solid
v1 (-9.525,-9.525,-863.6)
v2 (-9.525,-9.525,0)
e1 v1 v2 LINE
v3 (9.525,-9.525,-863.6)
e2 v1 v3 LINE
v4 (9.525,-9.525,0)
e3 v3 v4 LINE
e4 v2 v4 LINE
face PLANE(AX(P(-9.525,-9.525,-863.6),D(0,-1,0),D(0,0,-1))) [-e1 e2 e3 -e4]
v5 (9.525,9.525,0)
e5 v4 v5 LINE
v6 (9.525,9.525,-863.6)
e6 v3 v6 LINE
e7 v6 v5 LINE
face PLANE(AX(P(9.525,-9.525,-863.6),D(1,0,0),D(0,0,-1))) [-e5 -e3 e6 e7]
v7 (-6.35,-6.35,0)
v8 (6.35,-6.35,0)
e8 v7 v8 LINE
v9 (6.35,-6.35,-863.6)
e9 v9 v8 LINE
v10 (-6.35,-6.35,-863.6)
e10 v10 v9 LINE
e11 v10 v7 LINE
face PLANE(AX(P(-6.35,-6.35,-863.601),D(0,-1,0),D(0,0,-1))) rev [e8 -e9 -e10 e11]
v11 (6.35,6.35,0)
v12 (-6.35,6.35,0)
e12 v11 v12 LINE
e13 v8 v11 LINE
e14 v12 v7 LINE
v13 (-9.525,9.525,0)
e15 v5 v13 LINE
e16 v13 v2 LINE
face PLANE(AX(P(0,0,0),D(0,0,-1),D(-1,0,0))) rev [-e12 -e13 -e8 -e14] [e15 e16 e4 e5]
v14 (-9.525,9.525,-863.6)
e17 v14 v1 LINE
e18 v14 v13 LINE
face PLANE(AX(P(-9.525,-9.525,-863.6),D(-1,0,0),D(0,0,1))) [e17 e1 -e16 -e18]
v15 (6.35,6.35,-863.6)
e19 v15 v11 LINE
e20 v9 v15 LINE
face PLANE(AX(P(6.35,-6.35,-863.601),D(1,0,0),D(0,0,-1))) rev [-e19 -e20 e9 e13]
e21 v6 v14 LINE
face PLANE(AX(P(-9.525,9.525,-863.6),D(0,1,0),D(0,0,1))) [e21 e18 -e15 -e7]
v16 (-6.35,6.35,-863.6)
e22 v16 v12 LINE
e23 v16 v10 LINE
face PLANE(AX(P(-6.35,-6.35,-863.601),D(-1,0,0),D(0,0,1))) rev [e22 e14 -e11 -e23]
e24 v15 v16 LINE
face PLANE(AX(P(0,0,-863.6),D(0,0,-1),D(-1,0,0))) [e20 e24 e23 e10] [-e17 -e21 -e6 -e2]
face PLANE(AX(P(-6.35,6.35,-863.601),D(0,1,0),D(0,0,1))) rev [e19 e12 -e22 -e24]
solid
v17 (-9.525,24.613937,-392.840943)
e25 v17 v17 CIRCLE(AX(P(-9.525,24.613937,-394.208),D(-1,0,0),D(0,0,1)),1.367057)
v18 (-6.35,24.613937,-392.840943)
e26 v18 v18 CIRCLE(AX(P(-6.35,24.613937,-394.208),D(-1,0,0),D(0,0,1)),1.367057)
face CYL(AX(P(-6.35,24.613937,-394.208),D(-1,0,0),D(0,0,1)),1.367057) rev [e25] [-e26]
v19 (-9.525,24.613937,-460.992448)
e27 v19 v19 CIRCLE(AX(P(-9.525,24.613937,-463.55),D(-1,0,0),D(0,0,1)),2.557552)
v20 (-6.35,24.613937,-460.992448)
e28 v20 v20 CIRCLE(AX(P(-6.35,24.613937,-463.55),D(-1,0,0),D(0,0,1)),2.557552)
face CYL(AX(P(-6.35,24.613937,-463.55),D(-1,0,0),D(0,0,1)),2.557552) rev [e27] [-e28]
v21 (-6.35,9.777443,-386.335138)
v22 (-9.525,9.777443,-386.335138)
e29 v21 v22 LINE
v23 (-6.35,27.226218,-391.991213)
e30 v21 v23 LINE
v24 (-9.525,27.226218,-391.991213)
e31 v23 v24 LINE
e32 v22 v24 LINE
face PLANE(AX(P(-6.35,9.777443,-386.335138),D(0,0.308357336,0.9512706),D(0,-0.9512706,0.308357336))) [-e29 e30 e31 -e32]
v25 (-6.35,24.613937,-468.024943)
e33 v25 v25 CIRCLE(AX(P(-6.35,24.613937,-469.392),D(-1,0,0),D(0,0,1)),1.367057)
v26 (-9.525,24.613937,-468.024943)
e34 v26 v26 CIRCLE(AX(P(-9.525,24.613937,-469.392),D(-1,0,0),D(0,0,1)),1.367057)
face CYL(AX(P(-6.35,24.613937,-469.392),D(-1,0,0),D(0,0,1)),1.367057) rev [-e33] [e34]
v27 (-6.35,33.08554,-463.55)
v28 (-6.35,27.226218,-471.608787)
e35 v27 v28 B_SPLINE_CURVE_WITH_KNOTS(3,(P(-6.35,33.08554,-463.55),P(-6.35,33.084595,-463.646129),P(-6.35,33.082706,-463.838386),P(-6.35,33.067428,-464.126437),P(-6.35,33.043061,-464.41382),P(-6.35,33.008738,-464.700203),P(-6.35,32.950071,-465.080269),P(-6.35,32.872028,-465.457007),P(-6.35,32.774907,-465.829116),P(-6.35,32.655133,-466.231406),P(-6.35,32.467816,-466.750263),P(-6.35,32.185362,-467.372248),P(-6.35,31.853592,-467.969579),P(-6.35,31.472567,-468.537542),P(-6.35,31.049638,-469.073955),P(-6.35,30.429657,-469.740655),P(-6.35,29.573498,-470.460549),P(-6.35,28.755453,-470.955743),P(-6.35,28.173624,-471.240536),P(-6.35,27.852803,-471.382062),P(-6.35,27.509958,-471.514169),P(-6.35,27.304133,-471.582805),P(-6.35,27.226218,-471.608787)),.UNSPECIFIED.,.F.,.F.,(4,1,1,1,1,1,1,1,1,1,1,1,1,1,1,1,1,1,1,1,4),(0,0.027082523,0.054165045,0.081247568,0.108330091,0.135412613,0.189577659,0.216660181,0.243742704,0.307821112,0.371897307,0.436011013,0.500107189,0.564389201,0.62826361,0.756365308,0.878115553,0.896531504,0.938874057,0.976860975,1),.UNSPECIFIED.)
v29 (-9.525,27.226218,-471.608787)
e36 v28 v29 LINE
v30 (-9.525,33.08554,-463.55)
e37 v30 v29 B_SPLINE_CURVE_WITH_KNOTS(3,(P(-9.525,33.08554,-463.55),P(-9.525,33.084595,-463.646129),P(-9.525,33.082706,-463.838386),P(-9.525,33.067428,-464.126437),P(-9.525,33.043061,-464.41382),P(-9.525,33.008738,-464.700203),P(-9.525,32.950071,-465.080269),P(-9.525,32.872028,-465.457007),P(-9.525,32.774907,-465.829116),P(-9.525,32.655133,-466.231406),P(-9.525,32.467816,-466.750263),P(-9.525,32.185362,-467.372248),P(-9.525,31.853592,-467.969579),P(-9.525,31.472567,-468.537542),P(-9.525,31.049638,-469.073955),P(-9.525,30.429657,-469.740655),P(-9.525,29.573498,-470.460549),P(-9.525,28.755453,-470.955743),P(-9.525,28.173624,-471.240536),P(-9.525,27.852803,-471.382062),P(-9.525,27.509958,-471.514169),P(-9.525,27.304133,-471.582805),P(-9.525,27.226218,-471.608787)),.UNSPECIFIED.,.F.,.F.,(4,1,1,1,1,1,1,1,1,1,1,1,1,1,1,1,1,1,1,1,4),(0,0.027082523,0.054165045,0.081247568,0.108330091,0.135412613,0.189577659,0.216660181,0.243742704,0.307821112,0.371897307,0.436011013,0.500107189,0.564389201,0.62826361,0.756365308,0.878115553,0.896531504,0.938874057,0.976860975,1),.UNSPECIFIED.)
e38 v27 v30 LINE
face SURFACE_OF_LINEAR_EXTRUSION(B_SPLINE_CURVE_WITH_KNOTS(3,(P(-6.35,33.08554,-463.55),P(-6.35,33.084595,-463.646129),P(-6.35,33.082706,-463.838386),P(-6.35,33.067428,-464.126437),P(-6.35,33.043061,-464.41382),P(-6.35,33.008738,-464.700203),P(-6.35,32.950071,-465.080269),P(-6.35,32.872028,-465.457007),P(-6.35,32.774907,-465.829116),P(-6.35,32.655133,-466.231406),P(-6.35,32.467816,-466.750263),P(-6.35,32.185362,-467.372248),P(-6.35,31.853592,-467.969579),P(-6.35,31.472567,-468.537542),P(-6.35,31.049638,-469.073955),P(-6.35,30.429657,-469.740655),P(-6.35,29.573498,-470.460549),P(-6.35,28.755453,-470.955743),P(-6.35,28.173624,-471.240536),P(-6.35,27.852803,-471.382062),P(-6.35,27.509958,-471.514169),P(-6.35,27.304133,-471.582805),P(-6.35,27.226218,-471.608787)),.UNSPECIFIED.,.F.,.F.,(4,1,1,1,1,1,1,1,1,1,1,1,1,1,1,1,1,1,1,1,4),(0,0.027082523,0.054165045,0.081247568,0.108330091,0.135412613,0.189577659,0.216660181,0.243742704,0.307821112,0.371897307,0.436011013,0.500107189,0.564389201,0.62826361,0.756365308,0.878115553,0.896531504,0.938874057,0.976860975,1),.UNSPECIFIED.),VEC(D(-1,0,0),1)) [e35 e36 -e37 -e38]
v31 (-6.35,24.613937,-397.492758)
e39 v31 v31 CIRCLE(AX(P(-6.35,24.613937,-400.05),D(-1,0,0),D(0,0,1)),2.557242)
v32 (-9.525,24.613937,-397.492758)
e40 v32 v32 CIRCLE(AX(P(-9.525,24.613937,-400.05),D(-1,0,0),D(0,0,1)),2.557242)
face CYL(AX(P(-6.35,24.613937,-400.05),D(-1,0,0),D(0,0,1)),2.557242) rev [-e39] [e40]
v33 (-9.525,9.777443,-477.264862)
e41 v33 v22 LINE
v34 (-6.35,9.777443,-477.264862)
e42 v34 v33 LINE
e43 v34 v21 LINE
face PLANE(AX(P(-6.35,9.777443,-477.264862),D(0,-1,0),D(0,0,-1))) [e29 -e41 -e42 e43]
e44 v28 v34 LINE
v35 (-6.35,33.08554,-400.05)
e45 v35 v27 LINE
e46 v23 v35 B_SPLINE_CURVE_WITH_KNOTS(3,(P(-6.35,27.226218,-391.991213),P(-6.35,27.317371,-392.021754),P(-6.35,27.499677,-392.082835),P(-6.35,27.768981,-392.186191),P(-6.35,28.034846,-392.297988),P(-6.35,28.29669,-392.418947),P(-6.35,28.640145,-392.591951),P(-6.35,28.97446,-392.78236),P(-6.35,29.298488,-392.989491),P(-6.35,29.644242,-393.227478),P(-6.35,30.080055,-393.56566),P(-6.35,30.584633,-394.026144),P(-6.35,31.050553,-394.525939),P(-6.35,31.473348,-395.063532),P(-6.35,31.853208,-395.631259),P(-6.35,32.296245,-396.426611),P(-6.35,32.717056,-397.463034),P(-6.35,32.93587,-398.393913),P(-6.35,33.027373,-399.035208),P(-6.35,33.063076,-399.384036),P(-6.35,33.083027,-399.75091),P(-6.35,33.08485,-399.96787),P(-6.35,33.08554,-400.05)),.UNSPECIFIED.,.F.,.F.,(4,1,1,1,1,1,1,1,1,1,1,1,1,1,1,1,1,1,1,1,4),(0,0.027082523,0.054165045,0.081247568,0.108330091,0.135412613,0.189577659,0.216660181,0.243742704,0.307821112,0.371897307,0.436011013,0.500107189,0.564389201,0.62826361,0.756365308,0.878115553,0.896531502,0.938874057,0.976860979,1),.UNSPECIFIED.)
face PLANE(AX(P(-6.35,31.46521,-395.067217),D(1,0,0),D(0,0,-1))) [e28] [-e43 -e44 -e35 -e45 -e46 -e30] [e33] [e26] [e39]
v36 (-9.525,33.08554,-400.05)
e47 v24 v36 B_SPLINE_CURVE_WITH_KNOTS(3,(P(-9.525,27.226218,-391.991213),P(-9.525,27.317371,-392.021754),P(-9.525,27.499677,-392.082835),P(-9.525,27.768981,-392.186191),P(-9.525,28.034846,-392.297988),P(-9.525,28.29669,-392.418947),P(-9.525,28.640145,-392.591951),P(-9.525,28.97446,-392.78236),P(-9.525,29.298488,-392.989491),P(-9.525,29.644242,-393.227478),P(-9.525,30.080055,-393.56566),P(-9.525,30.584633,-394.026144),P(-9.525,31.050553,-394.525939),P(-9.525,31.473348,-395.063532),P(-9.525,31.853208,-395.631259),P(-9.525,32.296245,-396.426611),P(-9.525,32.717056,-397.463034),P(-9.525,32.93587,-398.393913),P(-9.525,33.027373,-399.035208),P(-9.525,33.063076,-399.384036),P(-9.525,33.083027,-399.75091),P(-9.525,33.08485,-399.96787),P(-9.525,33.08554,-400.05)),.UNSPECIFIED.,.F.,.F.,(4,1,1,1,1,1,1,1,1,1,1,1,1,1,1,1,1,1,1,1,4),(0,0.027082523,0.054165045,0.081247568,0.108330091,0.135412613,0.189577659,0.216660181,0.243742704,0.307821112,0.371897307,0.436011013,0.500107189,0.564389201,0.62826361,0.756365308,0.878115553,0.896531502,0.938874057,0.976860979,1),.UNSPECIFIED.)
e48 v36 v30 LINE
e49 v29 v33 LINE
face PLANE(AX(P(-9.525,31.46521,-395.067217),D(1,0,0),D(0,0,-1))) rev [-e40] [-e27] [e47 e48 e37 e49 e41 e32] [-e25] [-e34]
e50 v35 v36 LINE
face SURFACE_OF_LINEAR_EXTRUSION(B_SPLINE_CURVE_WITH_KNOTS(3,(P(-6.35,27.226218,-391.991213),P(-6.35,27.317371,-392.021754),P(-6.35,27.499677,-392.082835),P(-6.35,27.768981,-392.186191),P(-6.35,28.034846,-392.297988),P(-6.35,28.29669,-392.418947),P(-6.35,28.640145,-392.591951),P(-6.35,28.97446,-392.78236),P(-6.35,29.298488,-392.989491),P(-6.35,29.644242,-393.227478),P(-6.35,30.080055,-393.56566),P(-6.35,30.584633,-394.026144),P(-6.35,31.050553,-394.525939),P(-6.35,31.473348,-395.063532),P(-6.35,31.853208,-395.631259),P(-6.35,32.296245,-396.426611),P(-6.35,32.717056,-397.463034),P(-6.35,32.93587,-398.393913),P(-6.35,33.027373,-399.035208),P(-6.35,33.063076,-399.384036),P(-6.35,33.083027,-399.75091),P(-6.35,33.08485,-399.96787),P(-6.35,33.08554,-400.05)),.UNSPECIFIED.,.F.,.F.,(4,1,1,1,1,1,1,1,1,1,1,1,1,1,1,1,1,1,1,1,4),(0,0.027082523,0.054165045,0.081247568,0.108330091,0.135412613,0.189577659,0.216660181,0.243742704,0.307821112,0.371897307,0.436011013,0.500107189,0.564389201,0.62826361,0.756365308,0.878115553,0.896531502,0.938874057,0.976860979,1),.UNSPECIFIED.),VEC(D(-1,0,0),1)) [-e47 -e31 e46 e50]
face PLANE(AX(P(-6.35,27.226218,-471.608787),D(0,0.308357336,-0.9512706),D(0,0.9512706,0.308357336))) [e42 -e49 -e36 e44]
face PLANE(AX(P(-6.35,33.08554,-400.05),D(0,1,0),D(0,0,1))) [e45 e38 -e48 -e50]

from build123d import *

# Parameters (mm, degrees)
SKETCH1_W           = 19.05
SKETCH1_H           = 19.05
BOSS_EXTRUDE1_DEPTH = 863.6
CUT_EXTRUDE1_REACH  = 865.6
SKETCH2_W           = 12.7
SKETCH2_H           = 12.7
BOSS_EXTRUDE2_DEPTH = 3.175
SKETCH5_R           = 1.367056659
SKETCH5_R_2         = 2.557242264
SKETCH5_R_3         = 2.557551724
CUT_EXTRUDE2_DEPTH  = 3.175


with BuildPart() as part:
    # Sketch1 → Boss-Extrude1 (new body)
    with BuildSketch(Plane.XY):
        Rectangle(SKETCH1_W, SKETCH1_H)
    extrude(amount=-BOSS_EXTRUDE1_DEPTH)

    # Sketch2 → Cut-Extrude1 (cut, up to next)
    with BuildSketch(Plane.XY, mode=Mode.PRIVATE) as cut_extrude1_sk1:
        Rectangle(SKETCH2_W, SKETCH2_H)
    cut_extrude1_tool1 = extrude(cut_extrude1_sk1.sketch, amount=-CUT_EXTRUDE1_REACH, mode=Mode.PRIVATE) & part.part
    add(cut_extrude1_tool1.solids().sort_by_distance((0, 0, 0))[0], mode=Mode.SUBTRACT)


with BuildPart() as body_2:
    # Sketch3 → Boss-Extrude2 (new body)
    with BuildSketch(Plane.ZY.offset(9.525)):
        with BuildLine():
            Line((-400.05, 33.085539952), (-463.55, 33.085539952))
            add(Edge.make_bspline(
                [(-463.55, 33.085539952), (-463.646128521, 33.084595214), (-463.838385563, 33.082705738), (-464.126436973, 33.067428476), (-464.413820455, 33.043060852), (-464.700203047, 33.0087375), (-465.080269374, 32.950070985), (-465.457006855, 32.872028355), (-465.829116116, 32.774907208), (-466.231406358, 32.655132939), (-466.750263355, 32.467816052), (-467.372247923, 32.185361594), (-467.969578868, 31.853591769), (-468.537542338, 31.472566802), (-469.07395459, 31.049637904), (-469.740655492, 30.429656969), (-470.460548641, 29.57349801), (-470.95574341, 28.755452697), (-471.240535683, 28.173623773), (-471.382062435, 27.852802616), (-471.514169404, 27.509958219), (-471.582805089, 27.304132504), (-471.608786902, 27.226217855)],
                knots=[0, 0, 0, 0, 0.027082523, 0.054165045, 0.081247568, 0.108330091, 0.135412613, 0.189577659, 0.216660181, 0.243742704, 0.307821112, 0.371897307, 0.436011013, 0.500107189, 0.564389201, 0.62826361, 0.756365308, 0.878115553, 0.896531504, 0.938874057, 0.976860975, 1, 1, 1, 1], degree=3))
            Line((-471.608786902, 27.226217855), (-477.264861875, 9.777442657))
            Line((-477.264861875, 9.777442657), (-386.335138125, 9.777442657))
            Line((-386.335138125, 9.777442657), (-391.991213098, 27.226217855))
            add(Edge.make_bspline(
                [(-391.991213098, 27.226217855), (-392.021753734, 27.317370774), (-392.082835007, 27.499676612), (-392.186190582, 27.768980594), (-392.297987591, 28.034846115), (-392.41894656, 28.296689598), (-392.591950531, 28.64014527), (-392.782359956, 28.974459542), (-392.989491068, 29.298488124), (-393.227477956, 29.644241729), (-393.565660364, 30.080054599), (-394.026144491, 30.584633328), (-394.525938749, 31.050553035), (-395.063532301, 31.473348142), (-395.631258779, 31.853208118), (-396.426610529, 32.296245416), (-397.463033709, 32.717055707), (-398.393913099, 32.935869659), (-399.035207635, 33.027372958), (-399.384036197, 33.063075641), (-399.75091015, 33.083026532), (-399.967870418, 33.084849771), (-400.05, 33.085539952)],
                knots=[0, 0, 0, 0, 0.027082523, 0.054165045, 0.081247568, 0.108330091, 0.135412613, 0.189577659, 0.216660181, 0.243742704, 0.307821112, 0.371897307, 0.436011013, 0.500107189, 0.564389201, 0.62826361, 0.756365308, 0.878115553, 0.896531502, 0.938874057, 0.976860979, 1, 1, 1, 1], degree=3))
        make_face()
    extrude(amount=-BOSS_EXTRUDE2_DEPTH)

    # Sketch5 → Cut-Extrude2 (cut)
    with BuildSketch(Plane.ZY.offset(9.525)):
        with Locations((-394.208, 24.613936913)):
            Circle(SKETCH5_R)
        with Locations((-469.392, 24.613936913)):
            Circle(SKETCH5_R)
        with Locations((-400.05, 24.613936913)):
            Circle(SKETCH5_R_2)
        with Locations((-463.55, 24.613936913)):
            Circle(SKETCH5_R_3)
    extrude(amount=-CUT_EXTRUDE2_DEPTH, mode=Mode.SUBTRACT)


solid = Compound([part.part, body_2.part])
